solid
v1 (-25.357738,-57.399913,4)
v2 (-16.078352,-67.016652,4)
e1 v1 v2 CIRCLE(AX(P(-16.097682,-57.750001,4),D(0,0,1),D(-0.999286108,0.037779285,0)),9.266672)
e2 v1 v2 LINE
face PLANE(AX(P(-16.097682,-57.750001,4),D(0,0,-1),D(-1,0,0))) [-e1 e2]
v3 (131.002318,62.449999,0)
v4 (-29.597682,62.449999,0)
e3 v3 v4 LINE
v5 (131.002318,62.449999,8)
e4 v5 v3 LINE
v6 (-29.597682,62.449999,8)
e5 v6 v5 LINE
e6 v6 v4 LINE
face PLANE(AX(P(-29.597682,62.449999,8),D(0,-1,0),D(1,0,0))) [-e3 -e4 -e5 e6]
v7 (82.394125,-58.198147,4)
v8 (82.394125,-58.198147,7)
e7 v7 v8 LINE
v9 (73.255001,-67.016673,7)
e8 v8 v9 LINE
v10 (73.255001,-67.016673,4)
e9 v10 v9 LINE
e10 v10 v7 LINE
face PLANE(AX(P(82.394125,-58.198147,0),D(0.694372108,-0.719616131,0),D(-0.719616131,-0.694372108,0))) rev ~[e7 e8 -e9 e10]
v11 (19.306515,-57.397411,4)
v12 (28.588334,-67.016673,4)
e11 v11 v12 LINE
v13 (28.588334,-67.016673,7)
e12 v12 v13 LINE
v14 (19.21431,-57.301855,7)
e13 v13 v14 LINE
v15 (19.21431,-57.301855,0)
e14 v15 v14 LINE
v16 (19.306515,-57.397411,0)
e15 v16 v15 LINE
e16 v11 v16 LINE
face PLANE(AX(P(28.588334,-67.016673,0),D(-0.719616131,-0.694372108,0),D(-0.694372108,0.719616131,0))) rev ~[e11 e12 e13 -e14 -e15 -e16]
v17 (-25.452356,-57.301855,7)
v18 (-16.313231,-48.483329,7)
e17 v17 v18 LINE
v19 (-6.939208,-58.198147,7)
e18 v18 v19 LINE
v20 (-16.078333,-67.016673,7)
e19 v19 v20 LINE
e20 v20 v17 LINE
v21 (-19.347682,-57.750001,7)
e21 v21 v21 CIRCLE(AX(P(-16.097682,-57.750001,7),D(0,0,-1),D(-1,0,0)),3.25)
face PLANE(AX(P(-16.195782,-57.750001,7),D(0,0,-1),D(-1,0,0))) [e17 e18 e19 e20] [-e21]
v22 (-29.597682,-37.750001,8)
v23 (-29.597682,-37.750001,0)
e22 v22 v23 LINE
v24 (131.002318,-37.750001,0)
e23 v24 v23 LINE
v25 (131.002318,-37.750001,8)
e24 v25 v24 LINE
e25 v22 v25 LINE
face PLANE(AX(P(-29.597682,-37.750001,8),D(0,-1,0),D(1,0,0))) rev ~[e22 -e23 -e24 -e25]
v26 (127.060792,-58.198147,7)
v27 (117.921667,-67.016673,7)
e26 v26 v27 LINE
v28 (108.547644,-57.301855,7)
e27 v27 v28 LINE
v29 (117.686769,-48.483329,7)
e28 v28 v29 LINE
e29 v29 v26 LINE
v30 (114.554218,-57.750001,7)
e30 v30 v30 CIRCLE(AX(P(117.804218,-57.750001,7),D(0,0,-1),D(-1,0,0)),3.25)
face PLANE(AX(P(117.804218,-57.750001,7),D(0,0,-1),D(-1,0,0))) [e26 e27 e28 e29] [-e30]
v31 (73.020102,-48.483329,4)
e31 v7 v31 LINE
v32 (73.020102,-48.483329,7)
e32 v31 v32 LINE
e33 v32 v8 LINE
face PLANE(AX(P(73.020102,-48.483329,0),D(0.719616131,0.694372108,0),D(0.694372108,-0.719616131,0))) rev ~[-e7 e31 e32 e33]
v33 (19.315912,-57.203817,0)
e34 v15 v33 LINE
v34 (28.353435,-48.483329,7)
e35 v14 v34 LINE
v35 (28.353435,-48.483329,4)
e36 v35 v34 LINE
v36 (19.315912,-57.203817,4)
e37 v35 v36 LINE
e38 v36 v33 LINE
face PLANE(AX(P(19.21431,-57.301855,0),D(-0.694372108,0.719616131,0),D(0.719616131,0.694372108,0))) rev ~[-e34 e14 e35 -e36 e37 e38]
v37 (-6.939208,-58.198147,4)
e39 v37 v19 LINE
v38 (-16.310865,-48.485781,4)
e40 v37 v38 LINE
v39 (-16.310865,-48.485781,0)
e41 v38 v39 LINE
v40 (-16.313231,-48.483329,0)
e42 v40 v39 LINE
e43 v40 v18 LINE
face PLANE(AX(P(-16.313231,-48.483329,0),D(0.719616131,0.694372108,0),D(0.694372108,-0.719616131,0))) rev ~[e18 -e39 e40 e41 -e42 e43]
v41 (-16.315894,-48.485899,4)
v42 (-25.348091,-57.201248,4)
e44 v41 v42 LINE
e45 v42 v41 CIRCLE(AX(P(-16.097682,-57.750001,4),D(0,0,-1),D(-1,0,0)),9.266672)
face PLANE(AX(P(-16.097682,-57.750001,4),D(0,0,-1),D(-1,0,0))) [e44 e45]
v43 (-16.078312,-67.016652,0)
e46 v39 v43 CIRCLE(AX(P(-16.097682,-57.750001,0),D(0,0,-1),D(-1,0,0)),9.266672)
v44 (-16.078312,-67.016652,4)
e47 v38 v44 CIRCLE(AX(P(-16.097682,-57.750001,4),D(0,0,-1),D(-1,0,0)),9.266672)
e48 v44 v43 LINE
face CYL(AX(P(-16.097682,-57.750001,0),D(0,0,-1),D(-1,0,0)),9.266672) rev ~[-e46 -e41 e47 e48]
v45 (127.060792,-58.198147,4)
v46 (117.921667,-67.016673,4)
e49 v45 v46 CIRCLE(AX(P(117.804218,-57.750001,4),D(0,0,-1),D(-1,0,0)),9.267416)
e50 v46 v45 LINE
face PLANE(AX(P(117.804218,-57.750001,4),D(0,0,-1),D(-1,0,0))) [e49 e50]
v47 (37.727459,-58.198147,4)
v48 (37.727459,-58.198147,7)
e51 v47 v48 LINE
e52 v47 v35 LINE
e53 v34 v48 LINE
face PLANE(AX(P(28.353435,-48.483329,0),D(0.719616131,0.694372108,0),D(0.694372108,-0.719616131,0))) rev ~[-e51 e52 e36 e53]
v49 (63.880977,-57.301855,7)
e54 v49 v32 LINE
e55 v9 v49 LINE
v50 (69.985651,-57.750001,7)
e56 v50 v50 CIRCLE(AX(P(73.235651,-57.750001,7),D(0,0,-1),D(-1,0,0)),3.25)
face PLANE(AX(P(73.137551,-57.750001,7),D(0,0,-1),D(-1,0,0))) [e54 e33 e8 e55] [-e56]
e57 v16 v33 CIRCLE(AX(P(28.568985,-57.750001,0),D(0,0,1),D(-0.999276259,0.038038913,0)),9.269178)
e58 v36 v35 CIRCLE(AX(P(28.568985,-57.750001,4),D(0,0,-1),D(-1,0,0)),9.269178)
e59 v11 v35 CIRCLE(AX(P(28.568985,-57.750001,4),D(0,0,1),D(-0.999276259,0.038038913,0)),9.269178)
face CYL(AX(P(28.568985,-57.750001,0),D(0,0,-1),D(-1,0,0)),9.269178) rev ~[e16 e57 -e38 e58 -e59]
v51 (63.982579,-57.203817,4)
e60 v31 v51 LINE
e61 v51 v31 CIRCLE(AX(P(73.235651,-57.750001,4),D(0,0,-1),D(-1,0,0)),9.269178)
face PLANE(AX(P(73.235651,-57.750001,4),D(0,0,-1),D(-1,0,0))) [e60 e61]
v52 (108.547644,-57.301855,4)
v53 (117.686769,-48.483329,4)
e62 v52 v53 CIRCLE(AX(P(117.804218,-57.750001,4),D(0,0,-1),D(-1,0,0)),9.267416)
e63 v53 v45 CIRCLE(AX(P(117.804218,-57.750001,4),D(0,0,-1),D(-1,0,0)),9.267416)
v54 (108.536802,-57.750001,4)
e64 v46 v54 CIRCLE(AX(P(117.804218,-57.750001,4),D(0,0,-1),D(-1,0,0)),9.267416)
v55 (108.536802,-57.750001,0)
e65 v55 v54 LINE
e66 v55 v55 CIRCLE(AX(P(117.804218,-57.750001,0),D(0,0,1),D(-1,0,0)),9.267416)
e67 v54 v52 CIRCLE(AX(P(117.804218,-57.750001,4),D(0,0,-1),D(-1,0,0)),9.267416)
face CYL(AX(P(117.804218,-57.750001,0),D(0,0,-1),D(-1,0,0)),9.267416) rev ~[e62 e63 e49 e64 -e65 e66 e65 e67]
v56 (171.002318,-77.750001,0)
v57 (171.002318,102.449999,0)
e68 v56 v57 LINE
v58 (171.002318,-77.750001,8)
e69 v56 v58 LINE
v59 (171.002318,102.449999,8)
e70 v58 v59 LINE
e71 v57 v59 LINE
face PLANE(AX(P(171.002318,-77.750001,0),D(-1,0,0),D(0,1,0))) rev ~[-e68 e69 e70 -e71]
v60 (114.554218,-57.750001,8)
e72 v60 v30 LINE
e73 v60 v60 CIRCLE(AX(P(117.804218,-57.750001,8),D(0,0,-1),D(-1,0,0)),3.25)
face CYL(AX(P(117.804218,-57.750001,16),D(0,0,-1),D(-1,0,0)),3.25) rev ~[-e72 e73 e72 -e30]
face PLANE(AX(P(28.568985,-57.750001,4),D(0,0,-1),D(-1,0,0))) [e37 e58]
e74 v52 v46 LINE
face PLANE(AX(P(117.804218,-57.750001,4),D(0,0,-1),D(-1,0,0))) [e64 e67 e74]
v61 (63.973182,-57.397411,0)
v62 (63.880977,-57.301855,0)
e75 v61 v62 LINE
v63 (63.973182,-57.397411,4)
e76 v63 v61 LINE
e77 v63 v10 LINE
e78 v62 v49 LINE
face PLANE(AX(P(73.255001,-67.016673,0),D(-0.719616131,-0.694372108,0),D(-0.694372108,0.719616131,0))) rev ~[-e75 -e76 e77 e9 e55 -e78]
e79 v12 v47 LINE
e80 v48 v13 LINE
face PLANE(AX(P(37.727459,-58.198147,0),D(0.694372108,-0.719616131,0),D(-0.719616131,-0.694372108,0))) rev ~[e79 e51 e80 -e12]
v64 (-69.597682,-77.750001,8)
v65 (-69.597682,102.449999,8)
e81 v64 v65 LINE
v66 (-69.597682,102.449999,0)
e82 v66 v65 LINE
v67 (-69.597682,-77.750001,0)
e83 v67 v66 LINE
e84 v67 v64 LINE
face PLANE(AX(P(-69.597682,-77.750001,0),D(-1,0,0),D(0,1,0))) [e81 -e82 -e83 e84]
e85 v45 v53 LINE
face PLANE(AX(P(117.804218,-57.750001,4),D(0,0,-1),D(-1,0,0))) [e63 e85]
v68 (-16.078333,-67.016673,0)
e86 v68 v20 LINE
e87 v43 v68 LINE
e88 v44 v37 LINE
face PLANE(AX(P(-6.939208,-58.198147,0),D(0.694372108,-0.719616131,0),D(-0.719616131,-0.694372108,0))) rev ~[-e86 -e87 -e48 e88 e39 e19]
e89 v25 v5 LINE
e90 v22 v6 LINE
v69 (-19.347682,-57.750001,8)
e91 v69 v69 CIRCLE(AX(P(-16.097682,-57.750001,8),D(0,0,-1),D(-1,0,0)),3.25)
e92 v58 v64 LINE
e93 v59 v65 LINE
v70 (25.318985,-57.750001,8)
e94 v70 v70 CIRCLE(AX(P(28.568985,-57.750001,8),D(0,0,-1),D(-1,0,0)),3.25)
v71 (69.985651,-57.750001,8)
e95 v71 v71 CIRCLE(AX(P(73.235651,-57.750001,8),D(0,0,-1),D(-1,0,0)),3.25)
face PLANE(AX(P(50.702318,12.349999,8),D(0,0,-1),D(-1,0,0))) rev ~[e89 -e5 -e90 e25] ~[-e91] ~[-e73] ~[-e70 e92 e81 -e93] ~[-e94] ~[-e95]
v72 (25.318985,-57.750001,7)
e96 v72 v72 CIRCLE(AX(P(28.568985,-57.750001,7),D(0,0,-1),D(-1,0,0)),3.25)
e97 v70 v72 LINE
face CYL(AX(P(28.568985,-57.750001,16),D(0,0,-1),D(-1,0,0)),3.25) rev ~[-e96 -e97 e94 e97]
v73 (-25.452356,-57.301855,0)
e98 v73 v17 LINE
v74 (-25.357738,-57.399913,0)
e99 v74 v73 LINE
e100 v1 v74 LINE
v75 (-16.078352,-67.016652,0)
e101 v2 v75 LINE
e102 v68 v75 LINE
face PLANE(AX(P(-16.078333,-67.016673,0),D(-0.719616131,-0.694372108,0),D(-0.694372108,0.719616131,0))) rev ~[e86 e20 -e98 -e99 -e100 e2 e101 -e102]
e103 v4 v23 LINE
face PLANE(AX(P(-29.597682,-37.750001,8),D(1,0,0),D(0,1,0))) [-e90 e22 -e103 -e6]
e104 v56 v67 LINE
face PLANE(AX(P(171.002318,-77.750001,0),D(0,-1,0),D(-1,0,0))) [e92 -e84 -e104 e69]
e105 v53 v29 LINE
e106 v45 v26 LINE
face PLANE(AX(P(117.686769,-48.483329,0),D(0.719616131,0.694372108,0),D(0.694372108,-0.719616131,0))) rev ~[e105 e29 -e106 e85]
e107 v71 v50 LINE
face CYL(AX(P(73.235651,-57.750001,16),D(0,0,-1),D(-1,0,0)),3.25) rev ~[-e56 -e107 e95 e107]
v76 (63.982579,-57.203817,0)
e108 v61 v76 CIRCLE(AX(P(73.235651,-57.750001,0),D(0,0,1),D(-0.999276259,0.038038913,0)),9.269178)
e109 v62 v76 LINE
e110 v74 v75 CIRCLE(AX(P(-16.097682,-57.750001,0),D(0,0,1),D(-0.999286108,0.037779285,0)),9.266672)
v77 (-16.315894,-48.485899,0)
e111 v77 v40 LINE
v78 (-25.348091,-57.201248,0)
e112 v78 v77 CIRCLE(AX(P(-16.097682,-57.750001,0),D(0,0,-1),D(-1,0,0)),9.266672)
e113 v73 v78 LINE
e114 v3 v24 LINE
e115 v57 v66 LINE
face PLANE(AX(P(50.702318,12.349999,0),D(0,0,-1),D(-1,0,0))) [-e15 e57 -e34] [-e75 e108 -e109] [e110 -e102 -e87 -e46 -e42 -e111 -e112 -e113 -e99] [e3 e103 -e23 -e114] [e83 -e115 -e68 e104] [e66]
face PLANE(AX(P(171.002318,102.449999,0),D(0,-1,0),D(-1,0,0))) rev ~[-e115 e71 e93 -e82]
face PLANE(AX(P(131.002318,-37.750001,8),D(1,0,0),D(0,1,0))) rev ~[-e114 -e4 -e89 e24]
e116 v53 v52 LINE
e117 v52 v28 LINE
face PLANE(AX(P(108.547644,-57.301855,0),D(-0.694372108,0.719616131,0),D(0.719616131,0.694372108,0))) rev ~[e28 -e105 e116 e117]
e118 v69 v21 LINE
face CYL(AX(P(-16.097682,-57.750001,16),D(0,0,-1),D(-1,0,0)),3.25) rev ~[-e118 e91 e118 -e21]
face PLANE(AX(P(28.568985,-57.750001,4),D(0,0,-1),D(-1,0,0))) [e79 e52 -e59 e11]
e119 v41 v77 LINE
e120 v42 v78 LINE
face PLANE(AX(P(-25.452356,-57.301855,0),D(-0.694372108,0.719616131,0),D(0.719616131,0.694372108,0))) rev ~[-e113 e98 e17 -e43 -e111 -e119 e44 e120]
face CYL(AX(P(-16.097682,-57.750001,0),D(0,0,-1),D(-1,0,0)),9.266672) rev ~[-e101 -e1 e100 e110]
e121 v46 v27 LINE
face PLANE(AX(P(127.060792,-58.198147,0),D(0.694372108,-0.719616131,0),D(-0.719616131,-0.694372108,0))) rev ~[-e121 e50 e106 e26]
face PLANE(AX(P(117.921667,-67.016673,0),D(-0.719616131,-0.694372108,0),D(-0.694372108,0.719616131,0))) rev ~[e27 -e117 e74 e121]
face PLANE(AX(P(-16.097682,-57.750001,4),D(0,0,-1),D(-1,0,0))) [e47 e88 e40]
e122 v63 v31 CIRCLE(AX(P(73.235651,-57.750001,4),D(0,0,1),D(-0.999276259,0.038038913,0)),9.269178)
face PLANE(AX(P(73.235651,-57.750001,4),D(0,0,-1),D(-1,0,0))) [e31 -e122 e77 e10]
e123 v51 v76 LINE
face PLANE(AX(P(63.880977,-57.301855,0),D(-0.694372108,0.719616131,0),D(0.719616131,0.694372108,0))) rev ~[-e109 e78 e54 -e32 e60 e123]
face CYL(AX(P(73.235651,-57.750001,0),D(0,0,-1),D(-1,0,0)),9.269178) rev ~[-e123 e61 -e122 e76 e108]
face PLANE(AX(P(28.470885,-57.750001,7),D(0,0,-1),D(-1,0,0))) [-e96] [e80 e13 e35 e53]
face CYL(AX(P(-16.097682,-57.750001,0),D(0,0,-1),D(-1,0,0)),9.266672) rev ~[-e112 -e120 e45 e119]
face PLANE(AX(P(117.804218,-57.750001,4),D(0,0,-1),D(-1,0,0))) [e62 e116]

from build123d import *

# Parameters (mm, degrees)
SKETCH1_W                      = 240.6
SKETCH1_H                      = 180.2
BOSS_EXTRUDE1_DEPTH            = 8
SKETCH2_W                      = 160.6
SKETCH2_H                      = 100.2
CUT_EXTRUDE1_DEPTH             = 200.503872501
CUT_EXTRUDE2_DEPTH             = 7
CUT_EXTRUDE3_DEPTH             = 7
CUT_EXTRUDE4_DEPTH             = 7
CUT_EXTRUDE5_DEPTH             = 7
F_6_5_6_5_DIAMETER_HOLE1_D     = 6.5
F_6_5_6_5_DIAMETER_HOLE1_DEPTH = 8
SKETCH9_R                      = 9.267416037
SKETCH9_R_2                    = 9.269178346
SKETCH9_R_3                    = 9.266671768
CUT_EXTRUDE7_DEPTH             = 4


with BuildPart() as part:
    # Sketch1 → Boss-Extrude1 (new body)
    with BuildSketch(Plane(origin=(0, 0, 0), x_dir=(-1, 0, 0), z_dir=(0, 0, -1))):
        with Locations((-50.702318109, 12.34999924)):
            Rectangle(SKETCH1_W, SKETCH1_H)
    extrude(amount=-BOSS_EXTRUDE1_DEPTH)

    # Sketch2 → Cut-Extrude1 (cut, through all)
    with BuildSketch(Plane.XY.offset(8)):
        with Locations((50.702318109, 12.34999924)):
            Rectangle(SKETCH2_W, SKETCH2_H)
    extrude(amount=-CUT_EXTRUDE1_DEPTH, mode=Mode.SUBTRACT)

    # Sketch3 → Cut-Extrude2 (cut)
    with BuildSketch(Plane(origin=(0, 0, 0), x_dir=(-1, 0, 0), z_dir=(0, 0, -1))):
        Polygon((-117.686768689, -48.483328992), (-127.060792146, -58.198146757), (-117.921667286, -67.016672528), (-108.547643828, -57.301854763), align=None)
    extrude(amount=-CUT_EXTRUDE2_DEPTH, mode=Mode.SUBTRACT)

    # Sketch4 → Cut-Extrude3 (cut)
    with BuildSketch(Plane(origin=(0, 0, 0), x_dir=(-1, 0, 0), z_dir=(0, 0, -1))):
        Polygon((6.939207854, -58.198146757), (16.078332714, -67.016672528), (25.452356172, -57.301854763), (16.313231311, -48.483328992), align=None)
    extrude(amount=-CUT_EXTRUDE3_DEPTH, mode=Mode.SUBTRACT)

    # Sketch5 → Cut-Extrude4 (cut)
    with BuildSketch(Plane(origin=(0, 0, 0), x_dir=(-1, 0, 0), z_dir=(0, 0, -1))):
        Polygon((-37.727458813, -58.198146757), (-28.588333952, -67.016672528), (-19.214310494, -57.301854763), (-28.353435355, -48.483328992), align=None)
    extrude(amount=-CUT_EXTRUDE4_DEPTH, mode=Mode.SUBTRACT)

    # Sketch6 → Cut-Extrude5 (cut)
    with BuildSketch(Plane(origin=(0, 0, 0), x_dir=(-1, 0, 0), z_dir=(0, 0, -1))):
        Polygon((-82.39412548, -58.198146757), (-73.255000619, -67.016672528), (-63.880977161, -57.301854763), (-73.020102022, -48.483328992), align=None)
    extrude(amount=-CUT_EXTRUDE5_DEPTH, mode=Mode.SUBTRACT)

    # Ø6.5 (6.5) Diameter Hole1
    with Locations(Plane.XY.offset(8)):
        with Locations((117.804217987, -57.75000076), (-16.097681891, -57.75000076), (28.568984776, -57.75000076), (73.235651442, -57.75000076)):
            Hole(F_6_5_6_5_DIAMETER_HOLE1_D / 2, depth=F_6_5_6_5_DIAMETER_HOLE1_DEPTH)

    # Sketch9 → Cut-Extrude7 (cut)
    with BuildSketch(Plane(origin=(0, 0, 0), x_dir=(-1, 0, 0), z_dir=(0, 0, -1))):
        with Locations((-117.804217987, -57.75000076)):
            Circle(SKETCH9_R)
        with Locations((-73.235651442, -57.75000076)):
            Circle(SKETCH9_R_2)
        with Locations((-28.568984776, -57.75000076)):
            Circle(SKETCH9_R_2)
        with Locations((16.097681891, -57.75000076)):
            Circle(SKETCH9_R_3)
    extrude(amount=-CUT_EXTRUDE7_DEPTH, mode=Mode.SUBTRACT)


solid = part.part
